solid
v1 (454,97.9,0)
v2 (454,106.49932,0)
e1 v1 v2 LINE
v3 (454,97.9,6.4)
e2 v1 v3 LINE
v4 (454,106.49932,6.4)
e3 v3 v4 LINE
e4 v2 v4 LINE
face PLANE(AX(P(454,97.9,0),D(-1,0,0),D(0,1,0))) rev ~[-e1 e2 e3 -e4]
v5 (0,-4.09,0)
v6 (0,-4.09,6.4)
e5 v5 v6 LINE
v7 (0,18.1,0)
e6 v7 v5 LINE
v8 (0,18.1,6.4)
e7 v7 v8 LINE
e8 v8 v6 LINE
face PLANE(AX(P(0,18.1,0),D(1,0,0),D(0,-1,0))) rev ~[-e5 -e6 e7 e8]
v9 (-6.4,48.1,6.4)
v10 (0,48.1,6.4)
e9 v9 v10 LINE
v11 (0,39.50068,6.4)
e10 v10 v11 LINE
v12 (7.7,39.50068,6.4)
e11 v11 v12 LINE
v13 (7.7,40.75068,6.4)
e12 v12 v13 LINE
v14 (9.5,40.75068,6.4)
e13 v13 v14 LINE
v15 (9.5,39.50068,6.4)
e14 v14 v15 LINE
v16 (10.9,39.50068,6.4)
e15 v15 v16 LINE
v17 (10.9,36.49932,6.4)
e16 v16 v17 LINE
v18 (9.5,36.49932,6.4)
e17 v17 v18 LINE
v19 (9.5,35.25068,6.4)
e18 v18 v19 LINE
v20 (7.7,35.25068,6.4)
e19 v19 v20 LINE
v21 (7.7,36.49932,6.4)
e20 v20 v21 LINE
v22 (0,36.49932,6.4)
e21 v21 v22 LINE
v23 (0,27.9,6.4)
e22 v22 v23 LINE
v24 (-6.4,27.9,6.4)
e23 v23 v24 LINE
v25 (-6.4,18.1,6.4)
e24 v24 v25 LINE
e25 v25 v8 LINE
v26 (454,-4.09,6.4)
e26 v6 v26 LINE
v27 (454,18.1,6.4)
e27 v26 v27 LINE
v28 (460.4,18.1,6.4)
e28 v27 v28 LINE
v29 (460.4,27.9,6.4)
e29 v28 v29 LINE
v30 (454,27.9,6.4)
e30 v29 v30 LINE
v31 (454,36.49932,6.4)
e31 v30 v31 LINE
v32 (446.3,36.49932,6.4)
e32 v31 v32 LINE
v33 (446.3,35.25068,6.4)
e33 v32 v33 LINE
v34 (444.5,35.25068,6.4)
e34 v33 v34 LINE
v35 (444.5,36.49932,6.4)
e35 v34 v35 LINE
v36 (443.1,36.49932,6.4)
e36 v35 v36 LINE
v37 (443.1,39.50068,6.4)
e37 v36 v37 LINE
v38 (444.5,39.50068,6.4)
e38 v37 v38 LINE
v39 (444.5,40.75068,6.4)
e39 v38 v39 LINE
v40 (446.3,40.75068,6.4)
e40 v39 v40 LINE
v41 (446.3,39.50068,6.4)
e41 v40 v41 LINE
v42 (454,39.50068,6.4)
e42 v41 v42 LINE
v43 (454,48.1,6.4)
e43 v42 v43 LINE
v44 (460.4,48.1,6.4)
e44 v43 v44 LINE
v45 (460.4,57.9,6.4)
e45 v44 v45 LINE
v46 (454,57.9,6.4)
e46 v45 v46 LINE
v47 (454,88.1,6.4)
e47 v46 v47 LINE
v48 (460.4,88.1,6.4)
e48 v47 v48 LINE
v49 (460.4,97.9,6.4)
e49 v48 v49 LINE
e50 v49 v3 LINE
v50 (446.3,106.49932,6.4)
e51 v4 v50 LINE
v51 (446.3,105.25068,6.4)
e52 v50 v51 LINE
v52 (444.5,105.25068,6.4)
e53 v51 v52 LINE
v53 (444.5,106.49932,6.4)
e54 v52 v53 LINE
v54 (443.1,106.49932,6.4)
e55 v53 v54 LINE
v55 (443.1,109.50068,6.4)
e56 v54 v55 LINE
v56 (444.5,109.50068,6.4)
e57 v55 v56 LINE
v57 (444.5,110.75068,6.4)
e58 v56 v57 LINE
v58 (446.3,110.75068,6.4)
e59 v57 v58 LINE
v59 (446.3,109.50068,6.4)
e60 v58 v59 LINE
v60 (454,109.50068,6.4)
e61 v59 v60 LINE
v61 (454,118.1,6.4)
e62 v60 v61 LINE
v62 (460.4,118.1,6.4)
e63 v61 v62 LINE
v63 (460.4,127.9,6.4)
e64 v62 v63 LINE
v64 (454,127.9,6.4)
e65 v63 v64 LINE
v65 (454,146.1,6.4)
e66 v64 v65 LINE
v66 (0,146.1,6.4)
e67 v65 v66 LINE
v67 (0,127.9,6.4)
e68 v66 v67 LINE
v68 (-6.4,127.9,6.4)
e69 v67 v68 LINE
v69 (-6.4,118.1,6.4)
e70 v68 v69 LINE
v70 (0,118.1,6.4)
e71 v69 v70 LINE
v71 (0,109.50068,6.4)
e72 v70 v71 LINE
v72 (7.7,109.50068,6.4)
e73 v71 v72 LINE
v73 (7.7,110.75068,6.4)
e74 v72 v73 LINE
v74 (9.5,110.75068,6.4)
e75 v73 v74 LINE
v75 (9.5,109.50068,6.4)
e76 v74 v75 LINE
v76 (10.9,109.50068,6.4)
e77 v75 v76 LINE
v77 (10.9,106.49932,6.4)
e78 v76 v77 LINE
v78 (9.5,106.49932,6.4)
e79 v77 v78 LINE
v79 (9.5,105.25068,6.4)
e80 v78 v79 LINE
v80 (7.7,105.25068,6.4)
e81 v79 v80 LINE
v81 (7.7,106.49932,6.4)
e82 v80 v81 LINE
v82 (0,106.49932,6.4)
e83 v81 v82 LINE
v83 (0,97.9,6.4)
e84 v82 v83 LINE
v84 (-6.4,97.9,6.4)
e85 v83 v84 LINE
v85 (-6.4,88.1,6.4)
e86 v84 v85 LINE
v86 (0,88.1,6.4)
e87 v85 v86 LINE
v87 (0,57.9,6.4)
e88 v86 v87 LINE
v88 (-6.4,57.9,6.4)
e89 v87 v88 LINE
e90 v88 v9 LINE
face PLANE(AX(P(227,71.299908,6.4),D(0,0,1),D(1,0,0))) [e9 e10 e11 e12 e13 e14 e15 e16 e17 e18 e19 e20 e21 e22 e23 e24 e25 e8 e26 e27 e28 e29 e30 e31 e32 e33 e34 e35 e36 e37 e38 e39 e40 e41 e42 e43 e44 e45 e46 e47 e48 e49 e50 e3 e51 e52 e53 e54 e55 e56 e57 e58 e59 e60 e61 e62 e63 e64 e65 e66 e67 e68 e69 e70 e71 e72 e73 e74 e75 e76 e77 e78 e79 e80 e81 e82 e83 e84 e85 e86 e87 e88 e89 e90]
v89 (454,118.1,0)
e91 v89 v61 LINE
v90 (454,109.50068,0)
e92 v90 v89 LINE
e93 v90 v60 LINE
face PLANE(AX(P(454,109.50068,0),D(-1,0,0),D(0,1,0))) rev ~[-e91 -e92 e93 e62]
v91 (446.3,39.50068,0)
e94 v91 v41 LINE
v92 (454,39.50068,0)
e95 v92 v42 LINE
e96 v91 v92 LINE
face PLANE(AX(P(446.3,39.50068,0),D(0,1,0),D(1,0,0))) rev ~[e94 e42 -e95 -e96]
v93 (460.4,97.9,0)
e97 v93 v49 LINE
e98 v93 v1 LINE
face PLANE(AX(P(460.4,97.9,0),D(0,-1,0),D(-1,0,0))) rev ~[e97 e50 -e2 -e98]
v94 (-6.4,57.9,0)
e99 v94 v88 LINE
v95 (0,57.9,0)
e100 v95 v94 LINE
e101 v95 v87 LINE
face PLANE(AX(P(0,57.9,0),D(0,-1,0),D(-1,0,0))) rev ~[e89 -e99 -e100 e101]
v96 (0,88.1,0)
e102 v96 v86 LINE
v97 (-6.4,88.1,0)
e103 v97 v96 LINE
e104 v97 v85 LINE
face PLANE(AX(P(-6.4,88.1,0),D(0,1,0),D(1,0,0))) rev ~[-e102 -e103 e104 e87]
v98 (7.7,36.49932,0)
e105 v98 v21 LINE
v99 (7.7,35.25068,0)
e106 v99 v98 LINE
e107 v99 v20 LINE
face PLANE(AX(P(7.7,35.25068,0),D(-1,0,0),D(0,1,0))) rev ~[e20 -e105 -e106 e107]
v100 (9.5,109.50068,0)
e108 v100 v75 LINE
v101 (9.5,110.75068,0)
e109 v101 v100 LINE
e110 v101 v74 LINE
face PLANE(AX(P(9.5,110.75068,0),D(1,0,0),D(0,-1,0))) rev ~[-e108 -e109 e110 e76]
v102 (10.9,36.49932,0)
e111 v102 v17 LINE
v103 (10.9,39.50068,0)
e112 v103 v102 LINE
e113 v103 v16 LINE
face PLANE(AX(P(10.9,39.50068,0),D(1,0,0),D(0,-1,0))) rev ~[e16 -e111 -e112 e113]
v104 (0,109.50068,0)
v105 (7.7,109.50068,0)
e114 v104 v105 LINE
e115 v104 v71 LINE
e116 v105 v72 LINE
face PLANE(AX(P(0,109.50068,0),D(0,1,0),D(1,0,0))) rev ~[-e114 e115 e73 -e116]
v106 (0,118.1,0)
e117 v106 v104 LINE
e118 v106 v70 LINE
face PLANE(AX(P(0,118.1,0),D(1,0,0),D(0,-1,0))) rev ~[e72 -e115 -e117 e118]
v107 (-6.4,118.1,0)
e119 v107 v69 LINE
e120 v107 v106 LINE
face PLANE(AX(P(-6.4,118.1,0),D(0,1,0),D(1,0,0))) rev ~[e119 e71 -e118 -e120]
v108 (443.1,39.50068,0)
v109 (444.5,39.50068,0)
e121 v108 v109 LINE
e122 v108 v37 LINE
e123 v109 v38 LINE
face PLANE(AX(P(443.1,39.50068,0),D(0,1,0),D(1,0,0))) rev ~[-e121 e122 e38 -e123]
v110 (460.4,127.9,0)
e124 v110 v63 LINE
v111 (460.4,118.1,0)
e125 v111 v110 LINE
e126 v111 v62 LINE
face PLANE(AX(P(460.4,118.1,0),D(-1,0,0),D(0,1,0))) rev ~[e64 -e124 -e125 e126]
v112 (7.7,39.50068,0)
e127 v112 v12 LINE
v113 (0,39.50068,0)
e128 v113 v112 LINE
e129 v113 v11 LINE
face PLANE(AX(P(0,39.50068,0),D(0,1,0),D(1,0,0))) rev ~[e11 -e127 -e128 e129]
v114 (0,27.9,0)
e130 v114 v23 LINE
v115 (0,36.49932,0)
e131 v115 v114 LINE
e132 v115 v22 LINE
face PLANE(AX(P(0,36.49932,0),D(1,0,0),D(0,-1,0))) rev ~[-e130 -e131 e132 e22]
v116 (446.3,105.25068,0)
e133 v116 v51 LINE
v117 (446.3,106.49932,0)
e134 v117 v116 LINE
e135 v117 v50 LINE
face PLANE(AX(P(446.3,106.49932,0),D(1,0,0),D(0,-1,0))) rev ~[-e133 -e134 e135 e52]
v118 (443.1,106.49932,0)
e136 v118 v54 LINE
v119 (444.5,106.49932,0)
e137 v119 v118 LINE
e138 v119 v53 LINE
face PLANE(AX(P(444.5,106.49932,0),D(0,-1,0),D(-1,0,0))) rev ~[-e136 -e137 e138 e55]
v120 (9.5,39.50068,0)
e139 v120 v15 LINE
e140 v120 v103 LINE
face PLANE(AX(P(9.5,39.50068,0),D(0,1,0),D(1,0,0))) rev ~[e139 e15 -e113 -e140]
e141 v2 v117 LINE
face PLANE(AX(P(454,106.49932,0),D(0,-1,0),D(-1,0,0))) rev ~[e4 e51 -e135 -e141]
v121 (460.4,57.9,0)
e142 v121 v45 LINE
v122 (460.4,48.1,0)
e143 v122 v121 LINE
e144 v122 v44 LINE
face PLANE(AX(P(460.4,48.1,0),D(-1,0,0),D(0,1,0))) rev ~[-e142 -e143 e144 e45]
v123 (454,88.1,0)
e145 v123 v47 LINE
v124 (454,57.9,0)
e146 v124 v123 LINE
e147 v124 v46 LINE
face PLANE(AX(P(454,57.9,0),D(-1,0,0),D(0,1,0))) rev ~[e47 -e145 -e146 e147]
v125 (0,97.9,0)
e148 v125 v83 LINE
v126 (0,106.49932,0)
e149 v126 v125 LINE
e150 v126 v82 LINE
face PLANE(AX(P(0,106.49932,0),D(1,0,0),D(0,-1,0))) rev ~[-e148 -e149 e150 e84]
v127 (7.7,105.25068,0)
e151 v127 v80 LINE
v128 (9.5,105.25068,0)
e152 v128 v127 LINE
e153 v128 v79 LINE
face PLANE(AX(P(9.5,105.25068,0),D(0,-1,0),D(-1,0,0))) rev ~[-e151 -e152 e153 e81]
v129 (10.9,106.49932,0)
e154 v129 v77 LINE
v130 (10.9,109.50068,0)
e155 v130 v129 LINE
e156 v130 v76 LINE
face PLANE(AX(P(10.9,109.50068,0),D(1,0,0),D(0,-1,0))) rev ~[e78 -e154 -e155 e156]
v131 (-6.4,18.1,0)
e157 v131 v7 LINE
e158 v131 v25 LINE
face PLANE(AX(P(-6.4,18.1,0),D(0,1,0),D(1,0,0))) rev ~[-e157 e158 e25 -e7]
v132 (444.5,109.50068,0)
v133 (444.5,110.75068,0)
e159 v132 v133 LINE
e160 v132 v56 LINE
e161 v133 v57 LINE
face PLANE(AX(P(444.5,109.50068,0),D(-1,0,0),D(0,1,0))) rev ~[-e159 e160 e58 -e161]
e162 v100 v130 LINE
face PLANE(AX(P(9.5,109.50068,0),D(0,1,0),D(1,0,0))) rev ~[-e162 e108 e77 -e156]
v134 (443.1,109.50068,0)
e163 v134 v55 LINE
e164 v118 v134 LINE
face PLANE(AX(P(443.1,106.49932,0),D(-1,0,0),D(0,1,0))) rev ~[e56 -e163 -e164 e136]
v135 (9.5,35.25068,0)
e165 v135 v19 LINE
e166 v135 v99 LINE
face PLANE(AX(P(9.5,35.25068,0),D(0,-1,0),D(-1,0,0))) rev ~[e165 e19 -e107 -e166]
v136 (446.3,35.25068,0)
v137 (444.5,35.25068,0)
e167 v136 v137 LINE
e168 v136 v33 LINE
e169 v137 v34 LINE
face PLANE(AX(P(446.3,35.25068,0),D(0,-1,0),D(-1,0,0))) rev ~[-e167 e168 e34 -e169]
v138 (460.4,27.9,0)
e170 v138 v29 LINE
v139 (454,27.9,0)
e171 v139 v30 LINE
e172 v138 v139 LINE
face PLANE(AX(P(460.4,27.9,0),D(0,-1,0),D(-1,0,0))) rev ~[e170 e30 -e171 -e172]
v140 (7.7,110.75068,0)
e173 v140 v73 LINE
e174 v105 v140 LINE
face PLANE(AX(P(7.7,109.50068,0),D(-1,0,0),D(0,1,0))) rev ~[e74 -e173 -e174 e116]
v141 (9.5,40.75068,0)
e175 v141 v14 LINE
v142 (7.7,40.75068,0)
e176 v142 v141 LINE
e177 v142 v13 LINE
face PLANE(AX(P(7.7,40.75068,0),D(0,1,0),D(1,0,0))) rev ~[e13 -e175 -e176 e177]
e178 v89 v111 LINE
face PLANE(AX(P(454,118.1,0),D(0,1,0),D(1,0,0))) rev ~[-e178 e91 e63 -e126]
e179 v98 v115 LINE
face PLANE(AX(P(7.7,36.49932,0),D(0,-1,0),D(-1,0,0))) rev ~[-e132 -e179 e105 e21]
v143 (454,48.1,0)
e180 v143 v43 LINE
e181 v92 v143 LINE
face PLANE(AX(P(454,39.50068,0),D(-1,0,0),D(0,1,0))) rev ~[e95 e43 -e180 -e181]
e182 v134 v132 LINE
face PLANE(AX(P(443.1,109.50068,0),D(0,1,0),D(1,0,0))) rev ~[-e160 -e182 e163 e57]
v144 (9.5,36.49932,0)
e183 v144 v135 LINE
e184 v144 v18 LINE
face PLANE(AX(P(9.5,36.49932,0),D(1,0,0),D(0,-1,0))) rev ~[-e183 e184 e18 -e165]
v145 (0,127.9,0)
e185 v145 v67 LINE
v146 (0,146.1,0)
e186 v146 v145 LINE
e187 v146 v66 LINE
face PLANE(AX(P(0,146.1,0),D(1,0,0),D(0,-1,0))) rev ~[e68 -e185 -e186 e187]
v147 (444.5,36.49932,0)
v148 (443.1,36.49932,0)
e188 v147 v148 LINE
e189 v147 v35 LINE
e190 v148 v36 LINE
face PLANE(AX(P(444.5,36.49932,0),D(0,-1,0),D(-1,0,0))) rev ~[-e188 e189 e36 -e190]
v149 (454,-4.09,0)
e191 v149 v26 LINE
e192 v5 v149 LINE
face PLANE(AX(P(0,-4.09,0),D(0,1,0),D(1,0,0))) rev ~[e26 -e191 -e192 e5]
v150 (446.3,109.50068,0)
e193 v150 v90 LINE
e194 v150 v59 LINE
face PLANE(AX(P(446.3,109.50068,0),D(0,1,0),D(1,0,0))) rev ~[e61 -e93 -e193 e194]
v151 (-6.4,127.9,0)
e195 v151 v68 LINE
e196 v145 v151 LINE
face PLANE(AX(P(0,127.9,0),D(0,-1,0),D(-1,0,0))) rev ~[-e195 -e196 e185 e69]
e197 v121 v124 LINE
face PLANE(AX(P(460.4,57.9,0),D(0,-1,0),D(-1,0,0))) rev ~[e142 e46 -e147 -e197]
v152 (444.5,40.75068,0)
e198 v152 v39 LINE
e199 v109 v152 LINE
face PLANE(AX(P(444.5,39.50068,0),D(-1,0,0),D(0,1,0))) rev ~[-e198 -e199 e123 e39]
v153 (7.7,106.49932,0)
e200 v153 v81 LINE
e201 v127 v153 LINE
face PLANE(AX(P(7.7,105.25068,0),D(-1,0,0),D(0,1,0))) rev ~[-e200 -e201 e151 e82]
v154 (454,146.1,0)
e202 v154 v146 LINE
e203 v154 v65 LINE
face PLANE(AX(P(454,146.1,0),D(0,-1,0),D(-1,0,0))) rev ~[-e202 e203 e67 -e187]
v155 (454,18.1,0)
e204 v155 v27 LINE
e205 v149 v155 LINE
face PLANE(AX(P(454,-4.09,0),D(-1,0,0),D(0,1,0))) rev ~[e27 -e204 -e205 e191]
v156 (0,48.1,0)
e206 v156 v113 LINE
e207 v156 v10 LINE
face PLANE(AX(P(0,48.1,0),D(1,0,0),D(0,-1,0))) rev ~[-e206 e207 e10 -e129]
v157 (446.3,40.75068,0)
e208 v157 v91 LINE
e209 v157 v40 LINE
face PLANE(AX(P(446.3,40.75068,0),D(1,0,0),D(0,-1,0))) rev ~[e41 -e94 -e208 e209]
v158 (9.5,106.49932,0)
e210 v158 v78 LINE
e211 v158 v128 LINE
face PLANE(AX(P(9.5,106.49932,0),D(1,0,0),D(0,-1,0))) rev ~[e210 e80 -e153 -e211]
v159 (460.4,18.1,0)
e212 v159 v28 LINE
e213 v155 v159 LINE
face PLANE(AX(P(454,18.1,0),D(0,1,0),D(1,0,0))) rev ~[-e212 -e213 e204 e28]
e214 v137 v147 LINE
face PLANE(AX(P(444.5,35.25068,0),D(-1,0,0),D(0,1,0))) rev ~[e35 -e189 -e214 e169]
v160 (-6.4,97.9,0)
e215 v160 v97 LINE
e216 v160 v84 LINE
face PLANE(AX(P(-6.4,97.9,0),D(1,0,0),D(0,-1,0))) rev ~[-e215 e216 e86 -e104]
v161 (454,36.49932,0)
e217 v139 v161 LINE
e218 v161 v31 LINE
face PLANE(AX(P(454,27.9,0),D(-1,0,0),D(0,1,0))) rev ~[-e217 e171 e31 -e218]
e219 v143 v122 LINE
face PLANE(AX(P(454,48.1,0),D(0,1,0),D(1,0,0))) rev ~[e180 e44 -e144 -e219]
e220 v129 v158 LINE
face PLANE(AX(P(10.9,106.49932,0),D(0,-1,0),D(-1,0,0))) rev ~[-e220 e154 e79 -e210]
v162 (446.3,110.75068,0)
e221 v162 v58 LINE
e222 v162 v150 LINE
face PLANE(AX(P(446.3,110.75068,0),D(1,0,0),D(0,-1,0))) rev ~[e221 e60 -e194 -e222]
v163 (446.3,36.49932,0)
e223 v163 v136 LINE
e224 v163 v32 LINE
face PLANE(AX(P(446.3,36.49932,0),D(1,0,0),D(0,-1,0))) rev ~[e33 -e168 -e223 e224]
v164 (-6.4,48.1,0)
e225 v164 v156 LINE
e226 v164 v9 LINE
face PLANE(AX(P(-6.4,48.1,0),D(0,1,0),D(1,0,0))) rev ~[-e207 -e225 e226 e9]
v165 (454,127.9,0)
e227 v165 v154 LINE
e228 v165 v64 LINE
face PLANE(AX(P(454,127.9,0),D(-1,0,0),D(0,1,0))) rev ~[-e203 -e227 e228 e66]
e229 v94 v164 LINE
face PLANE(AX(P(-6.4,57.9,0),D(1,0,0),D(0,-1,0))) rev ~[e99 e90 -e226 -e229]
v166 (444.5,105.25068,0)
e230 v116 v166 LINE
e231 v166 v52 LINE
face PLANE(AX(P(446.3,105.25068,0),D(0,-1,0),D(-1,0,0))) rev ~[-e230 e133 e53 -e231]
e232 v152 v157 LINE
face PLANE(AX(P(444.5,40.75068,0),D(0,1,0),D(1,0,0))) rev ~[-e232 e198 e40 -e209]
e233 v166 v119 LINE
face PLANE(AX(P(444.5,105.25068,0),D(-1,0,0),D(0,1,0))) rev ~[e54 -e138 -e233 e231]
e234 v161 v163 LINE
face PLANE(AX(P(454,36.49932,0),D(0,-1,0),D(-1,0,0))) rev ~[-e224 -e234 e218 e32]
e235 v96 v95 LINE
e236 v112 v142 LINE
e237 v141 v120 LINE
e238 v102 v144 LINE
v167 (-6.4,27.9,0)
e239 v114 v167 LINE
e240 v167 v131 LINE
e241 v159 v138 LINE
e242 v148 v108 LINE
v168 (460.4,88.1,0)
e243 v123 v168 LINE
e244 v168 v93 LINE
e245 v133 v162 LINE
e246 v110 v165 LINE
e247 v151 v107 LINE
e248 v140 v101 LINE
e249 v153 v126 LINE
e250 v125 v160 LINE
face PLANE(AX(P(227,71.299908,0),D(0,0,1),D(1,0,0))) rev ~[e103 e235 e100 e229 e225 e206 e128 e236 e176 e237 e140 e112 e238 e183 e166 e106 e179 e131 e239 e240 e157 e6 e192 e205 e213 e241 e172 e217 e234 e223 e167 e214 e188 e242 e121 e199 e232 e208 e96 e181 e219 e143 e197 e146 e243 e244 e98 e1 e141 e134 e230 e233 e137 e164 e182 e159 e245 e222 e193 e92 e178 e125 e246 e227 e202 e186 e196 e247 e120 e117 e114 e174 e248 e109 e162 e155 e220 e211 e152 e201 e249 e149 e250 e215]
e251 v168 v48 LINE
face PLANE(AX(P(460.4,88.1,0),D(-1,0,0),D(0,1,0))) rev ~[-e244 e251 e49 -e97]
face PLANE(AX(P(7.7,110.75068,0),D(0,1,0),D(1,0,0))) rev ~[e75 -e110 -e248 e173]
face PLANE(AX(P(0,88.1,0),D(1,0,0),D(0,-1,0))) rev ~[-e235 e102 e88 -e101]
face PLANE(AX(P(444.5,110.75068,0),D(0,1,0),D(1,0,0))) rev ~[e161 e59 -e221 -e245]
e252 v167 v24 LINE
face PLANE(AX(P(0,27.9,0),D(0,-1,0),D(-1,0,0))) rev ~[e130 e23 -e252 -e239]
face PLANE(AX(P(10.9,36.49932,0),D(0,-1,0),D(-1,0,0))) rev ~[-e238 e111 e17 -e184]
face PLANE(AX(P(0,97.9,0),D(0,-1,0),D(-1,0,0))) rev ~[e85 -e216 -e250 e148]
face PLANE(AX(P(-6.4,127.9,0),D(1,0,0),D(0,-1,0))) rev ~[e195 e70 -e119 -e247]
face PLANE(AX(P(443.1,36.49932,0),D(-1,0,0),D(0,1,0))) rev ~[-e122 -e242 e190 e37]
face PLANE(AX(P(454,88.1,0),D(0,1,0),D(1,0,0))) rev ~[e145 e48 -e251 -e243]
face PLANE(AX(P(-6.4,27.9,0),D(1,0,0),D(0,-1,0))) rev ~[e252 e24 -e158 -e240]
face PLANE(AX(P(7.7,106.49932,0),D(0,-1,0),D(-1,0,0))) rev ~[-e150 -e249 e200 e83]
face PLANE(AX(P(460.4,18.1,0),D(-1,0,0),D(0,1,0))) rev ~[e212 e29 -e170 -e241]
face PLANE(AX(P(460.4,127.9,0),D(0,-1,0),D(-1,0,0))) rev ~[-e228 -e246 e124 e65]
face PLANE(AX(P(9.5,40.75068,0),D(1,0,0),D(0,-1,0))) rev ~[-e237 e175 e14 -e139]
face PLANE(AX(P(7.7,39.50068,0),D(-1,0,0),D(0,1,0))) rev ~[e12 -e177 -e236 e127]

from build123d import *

# Parameters (mm, degrees)
BOSS_EXTRUDE1_DEPTH = 6.4


with BuildPart() as part:
    # Sketch1 → Boss-Extrude1 (new body)
    with BuildSketch(Plane.XY):
        Polygon((0, 146.1), (0, 127.9), (-6.4, 127.9), (-6.4, 118.1), (0, 118.1), (0, 109.500679587), (7.7, 109.500679587), (7.7, 110.750679587), (9.5, 110.750679587), (9.5, 109.500679587), (10.9, 109.500679587), (10.9, 106.499320413), (9.5, 106.499320413), (9.5, 105.250679587), (7.7, 105.250679587), (7.7, 106.499320413), (0, 106.499320413), (0, 97.9), (-6.4, 97.9), (-6.4, 88.1), (0, 88.1), (0, 57.9), (-6.4, 57.9), (-6.4, 48.1), (0, 48.1), (0, 39.500679587), (7.7, 39.500679587), (7.7, 40.750679587), (9.5, 40.750679587), (9.5, 39.500679587), (10.9, 39.500679587), (10.9, 36.499320413), (9.5, 36.499320413), (9.5, 35.250679587), (7.7, 35.250679587), (7.7, 36.499320413), (0, 36.499320413), (0, 27.9), (-6.4, 27.9), (-6.4, 18.1), (0, 18.1), (0, -4.09), (454, -4.09), (454, 18.1), (460.4, 18.1), (460.4, 27.9), (454, 27.9), (454, 36.499320413), (446.3, 36.499320413), (446.3, 35.250679587), (444.5, 35.250679587), (444.5, 36.499320413), (443.1, 36.499320413), (443.1, 39.500679587), (444.5, 39.500679587), (444.5, 40.750679587), (446.3, 40.750679587), (446.3, 39.500679587), (454, 39.500679587), (454, 48.1), (460.4, 48.1), (460.4, 57.9), (454, 57.9), (454, 88.1), (460.4, 88.1), (460.4, 97.9), (454, 97.9), (454, 106.499320413), (446.3, 106.499320413), (446.3, 105.250679587), (444.5, 105.250679587), (444.5, 106.499320413), (443.1, 106.499320413), (443.1, 109.500679587), (444.5, 109.500679587), (444.5, 110.750679587), (446.3, 110.750679587), (446.3, 109.500679587), (454, 109.500679587), (454, 118.1), (460.4, 118.1), (460.4, 127.9), (454, 127.9), (454, 146.1), align=None)
    extrude(amount=BOSS_EXTRUDE1_DEPTH)


solid = part.part
